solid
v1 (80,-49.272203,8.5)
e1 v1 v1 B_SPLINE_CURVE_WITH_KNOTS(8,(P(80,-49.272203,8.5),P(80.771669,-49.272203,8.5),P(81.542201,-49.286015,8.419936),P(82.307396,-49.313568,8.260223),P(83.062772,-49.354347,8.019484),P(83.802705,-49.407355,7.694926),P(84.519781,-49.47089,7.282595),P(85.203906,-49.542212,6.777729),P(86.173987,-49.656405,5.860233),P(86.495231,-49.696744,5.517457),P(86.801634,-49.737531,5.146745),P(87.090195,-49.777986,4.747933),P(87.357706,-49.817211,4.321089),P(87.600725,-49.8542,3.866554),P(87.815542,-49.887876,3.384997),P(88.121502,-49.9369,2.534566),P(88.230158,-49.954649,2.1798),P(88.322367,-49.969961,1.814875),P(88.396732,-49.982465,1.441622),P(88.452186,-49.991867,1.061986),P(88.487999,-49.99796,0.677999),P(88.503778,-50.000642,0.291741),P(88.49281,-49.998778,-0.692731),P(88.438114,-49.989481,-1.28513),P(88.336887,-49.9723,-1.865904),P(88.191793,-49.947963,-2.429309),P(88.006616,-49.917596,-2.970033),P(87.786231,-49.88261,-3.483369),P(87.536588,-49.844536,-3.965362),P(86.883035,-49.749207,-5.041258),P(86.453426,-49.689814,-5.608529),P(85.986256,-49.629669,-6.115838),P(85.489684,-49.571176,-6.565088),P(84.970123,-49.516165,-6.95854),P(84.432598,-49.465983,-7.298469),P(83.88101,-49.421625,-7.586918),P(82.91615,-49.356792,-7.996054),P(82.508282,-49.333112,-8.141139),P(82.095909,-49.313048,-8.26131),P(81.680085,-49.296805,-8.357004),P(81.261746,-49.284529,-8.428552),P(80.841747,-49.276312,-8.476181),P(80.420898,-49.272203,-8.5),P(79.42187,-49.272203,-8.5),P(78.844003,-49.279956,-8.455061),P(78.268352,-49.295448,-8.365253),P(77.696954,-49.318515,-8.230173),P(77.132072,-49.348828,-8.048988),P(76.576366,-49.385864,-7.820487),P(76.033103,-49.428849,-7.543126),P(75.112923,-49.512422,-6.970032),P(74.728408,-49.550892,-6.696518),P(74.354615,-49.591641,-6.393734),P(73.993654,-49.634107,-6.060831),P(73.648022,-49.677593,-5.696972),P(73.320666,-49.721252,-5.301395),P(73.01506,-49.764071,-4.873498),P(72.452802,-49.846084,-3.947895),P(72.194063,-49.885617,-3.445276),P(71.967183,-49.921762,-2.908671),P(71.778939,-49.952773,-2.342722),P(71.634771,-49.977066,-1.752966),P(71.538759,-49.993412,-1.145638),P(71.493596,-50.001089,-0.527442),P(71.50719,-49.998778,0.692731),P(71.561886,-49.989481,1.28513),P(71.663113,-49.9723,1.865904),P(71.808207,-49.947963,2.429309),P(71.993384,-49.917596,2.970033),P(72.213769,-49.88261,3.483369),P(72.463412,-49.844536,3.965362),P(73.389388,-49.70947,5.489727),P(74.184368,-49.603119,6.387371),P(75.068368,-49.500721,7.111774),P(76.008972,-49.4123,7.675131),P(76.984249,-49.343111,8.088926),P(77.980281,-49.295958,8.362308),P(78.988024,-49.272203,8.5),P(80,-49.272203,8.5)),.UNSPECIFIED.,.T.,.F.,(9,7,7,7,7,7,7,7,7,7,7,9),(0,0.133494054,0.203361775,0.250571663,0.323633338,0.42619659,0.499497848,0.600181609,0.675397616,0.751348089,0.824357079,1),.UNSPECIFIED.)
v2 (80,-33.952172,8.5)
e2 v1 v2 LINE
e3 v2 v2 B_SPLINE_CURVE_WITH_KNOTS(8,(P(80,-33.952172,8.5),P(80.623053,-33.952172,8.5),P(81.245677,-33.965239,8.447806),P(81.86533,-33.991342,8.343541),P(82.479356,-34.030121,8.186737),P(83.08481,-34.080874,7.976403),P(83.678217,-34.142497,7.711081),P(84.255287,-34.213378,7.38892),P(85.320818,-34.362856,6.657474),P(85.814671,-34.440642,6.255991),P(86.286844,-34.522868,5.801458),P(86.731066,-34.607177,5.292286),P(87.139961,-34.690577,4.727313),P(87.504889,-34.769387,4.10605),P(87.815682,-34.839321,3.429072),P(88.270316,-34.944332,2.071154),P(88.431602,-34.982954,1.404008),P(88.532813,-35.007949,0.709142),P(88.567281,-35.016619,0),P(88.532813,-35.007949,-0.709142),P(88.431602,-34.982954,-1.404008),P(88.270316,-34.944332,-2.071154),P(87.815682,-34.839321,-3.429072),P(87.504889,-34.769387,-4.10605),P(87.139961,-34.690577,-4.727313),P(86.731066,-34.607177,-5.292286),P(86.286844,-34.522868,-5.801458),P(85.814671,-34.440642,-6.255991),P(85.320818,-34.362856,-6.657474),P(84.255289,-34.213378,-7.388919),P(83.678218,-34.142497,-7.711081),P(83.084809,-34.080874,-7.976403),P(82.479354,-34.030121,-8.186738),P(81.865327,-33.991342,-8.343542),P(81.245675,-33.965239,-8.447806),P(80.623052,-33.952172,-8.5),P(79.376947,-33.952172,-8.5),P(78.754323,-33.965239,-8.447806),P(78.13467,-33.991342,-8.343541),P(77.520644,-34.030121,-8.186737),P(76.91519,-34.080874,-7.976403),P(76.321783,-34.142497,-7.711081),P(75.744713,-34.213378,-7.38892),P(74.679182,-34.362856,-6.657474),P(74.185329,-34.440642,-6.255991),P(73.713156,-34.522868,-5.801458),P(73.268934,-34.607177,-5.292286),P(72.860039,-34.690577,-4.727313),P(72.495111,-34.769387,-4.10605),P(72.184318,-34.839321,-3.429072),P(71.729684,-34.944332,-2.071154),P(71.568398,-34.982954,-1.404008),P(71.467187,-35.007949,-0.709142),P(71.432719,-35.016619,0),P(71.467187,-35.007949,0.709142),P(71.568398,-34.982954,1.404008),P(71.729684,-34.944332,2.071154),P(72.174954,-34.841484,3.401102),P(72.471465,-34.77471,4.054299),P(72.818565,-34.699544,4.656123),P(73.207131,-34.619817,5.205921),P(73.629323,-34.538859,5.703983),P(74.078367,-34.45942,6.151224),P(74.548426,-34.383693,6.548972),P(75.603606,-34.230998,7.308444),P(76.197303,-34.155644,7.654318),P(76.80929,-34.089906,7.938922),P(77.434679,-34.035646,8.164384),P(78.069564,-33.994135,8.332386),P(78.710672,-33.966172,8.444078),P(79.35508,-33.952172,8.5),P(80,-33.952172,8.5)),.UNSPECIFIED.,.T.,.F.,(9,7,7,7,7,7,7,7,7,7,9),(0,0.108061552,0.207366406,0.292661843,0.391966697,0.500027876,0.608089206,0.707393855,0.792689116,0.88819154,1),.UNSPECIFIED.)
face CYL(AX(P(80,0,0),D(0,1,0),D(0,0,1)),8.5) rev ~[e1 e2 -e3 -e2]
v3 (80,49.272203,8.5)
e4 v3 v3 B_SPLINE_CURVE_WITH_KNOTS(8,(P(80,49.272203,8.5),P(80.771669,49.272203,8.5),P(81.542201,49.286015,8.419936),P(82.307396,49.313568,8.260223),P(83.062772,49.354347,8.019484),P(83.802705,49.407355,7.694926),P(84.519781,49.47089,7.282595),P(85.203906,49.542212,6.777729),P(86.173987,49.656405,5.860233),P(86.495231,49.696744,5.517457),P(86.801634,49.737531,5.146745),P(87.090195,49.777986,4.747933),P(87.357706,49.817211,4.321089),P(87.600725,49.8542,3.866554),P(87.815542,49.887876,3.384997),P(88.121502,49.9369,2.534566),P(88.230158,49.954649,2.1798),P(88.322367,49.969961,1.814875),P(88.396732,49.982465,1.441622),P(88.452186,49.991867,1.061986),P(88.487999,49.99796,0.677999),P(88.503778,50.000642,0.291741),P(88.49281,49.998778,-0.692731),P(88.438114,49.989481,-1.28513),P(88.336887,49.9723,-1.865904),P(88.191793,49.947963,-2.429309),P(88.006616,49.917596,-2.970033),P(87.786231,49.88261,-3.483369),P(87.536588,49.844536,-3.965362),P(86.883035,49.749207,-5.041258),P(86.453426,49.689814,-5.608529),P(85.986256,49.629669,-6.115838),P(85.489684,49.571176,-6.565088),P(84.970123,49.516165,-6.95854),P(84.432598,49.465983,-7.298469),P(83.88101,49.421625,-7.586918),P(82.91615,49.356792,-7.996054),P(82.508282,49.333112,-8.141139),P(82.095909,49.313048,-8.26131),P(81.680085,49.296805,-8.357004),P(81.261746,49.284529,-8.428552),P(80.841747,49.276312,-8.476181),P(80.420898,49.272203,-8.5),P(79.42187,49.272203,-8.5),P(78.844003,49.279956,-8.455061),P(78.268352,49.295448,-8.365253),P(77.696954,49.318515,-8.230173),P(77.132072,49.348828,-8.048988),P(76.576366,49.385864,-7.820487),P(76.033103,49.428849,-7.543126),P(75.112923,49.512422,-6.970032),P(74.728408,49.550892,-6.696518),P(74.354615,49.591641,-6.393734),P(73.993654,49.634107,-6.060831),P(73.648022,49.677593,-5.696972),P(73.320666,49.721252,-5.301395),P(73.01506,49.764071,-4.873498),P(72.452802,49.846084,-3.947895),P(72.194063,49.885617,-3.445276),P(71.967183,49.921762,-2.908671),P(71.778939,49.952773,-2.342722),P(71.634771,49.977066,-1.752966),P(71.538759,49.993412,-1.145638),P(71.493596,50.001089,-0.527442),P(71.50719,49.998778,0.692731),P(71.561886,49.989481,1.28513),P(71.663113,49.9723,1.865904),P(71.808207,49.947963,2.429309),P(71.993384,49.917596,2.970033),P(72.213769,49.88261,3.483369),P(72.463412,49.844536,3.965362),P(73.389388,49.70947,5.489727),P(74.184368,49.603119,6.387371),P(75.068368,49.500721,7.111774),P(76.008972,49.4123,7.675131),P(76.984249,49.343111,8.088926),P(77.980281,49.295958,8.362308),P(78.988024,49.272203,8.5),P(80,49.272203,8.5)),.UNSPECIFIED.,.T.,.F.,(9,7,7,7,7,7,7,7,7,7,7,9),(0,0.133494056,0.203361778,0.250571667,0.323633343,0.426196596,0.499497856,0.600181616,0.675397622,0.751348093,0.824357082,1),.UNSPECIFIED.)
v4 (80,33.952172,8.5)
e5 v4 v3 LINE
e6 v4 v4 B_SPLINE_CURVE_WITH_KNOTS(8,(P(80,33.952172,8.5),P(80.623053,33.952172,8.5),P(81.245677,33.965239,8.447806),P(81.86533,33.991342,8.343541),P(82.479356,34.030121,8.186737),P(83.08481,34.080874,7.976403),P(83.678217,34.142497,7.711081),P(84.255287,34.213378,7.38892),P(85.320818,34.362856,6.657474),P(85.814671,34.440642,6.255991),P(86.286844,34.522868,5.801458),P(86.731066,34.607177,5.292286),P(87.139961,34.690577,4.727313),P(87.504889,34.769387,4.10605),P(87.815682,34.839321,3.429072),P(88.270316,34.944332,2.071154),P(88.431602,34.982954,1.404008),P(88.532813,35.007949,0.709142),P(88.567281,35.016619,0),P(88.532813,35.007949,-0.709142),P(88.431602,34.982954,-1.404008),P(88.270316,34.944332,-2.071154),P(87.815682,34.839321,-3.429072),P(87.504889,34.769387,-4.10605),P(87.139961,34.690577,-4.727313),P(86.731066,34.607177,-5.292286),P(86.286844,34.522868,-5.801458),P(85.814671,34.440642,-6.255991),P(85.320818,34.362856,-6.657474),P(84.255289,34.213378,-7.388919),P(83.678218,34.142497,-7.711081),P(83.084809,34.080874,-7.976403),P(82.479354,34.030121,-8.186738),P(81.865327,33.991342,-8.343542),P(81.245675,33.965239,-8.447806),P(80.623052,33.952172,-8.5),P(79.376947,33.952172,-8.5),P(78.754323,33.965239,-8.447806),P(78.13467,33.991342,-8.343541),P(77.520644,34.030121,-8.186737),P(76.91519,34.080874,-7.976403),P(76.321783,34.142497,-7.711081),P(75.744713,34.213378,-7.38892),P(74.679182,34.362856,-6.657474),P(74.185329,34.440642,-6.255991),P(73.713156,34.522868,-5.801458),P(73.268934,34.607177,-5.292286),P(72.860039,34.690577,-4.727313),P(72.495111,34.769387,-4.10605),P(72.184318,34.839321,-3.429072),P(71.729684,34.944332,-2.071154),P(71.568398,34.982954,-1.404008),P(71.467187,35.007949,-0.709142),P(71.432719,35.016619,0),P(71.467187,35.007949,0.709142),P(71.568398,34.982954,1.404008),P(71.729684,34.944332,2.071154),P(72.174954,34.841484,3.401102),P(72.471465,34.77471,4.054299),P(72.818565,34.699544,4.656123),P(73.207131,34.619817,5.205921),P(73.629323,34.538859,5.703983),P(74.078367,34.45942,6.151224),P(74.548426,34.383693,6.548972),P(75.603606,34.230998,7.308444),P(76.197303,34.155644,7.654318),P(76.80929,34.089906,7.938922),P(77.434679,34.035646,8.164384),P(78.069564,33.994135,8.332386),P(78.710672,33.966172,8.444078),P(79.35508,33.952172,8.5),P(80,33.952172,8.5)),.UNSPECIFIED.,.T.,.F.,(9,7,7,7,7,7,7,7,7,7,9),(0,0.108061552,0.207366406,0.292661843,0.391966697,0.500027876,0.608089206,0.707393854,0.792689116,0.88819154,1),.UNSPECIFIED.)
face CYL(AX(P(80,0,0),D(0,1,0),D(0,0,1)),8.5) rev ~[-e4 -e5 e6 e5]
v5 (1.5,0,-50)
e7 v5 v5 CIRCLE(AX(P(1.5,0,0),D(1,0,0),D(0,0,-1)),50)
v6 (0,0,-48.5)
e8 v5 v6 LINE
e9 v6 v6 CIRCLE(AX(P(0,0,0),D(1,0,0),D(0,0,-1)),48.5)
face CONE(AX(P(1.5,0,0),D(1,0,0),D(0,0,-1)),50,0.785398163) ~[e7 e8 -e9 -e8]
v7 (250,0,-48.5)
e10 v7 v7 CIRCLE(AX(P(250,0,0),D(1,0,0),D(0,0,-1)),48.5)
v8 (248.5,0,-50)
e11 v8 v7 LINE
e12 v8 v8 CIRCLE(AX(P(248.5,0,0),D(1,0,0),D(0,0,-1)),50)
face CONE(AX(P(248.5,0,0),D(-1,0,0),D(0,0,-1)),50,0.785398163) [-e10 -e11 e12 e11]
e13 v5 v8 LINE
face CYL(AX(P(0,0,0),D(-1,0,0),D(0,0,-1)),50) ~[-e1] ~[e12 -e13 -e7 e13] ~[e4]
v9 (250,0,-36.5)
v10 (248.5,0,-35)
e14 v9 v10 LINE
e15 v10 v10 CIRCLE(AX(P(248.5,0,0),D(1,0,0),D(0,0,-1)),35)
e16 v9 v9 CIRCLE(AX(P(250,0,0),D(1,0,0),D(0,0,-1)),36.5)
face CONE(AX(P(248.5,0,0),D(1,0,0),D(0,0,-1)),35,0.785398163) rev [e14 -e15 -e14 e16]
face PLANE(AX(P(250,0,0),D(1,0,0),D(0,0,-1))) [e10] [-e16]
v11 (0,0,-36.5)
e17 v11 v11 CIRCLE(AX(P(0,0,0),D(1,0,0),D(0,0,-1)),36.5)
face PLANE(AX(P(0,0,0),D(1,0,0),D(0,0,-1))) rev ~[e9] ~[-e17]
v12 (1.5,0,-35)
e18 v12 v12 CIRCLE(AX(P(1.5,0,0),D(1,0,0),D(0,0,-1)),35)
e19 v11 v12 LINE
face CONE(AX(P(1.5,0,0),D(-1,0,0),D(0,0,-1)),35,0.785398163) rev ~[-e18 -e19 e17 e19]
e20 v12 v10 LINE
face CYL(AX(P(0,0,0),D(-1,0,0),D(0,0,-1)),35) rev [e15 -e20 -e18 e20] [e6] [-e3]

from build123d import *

# Parameters (mm, degrees)
SKETCH_1_R          = 50
SKETCH_1_R_2        = 35
EXTRUDE_1_DEPTH     = 250
SKETCH_2_R          = 8.5
CUT_EXTRUDE_1_DEPTH = 430
CHAMFER_1_SIZE      = 1.5


with BuildPart() as part:
    # 草图1 → 凸台-拉伸1 (new body)
    with BuildSketch(Plane(origin=(0, 0, 0), x_dir=(0, 0, -1), z_dir=(1, 0, 0))):
        Circle(SKETCH_1_R)
        Circle(SKETCH_1_R_2, mode=Mode.SUBTRACT)
    extrude(amount=EXTRUDE_1_DEPTH)

    # 草图2 → 切除-拉伸1 (cut, symmetric)
    with BuildSketch(Plane(origin=(0, 0, 0), x_dir=(1, 0, 0), z_dir=(0, 1, 0))):
        with Locations((80, 0)):
            Circle(SKETCH_2_R)
    extrude(amount=CUT_EXTRUDE_1_DEPTH, both=True, mode=Mode.SUBTRACT)

    # 倒角1
    chamfer_1_edges = [part.edges().sort_by_distance(p)[0] for p in [
        (0, 0, 50),
        (250, 0, 50),
        (0, 0, 35),
        (250, 0, 35),
    ]]
    chamfer(chamfer_1_edges, length=CHAMFER_1_SIZE)


solid = part.part
